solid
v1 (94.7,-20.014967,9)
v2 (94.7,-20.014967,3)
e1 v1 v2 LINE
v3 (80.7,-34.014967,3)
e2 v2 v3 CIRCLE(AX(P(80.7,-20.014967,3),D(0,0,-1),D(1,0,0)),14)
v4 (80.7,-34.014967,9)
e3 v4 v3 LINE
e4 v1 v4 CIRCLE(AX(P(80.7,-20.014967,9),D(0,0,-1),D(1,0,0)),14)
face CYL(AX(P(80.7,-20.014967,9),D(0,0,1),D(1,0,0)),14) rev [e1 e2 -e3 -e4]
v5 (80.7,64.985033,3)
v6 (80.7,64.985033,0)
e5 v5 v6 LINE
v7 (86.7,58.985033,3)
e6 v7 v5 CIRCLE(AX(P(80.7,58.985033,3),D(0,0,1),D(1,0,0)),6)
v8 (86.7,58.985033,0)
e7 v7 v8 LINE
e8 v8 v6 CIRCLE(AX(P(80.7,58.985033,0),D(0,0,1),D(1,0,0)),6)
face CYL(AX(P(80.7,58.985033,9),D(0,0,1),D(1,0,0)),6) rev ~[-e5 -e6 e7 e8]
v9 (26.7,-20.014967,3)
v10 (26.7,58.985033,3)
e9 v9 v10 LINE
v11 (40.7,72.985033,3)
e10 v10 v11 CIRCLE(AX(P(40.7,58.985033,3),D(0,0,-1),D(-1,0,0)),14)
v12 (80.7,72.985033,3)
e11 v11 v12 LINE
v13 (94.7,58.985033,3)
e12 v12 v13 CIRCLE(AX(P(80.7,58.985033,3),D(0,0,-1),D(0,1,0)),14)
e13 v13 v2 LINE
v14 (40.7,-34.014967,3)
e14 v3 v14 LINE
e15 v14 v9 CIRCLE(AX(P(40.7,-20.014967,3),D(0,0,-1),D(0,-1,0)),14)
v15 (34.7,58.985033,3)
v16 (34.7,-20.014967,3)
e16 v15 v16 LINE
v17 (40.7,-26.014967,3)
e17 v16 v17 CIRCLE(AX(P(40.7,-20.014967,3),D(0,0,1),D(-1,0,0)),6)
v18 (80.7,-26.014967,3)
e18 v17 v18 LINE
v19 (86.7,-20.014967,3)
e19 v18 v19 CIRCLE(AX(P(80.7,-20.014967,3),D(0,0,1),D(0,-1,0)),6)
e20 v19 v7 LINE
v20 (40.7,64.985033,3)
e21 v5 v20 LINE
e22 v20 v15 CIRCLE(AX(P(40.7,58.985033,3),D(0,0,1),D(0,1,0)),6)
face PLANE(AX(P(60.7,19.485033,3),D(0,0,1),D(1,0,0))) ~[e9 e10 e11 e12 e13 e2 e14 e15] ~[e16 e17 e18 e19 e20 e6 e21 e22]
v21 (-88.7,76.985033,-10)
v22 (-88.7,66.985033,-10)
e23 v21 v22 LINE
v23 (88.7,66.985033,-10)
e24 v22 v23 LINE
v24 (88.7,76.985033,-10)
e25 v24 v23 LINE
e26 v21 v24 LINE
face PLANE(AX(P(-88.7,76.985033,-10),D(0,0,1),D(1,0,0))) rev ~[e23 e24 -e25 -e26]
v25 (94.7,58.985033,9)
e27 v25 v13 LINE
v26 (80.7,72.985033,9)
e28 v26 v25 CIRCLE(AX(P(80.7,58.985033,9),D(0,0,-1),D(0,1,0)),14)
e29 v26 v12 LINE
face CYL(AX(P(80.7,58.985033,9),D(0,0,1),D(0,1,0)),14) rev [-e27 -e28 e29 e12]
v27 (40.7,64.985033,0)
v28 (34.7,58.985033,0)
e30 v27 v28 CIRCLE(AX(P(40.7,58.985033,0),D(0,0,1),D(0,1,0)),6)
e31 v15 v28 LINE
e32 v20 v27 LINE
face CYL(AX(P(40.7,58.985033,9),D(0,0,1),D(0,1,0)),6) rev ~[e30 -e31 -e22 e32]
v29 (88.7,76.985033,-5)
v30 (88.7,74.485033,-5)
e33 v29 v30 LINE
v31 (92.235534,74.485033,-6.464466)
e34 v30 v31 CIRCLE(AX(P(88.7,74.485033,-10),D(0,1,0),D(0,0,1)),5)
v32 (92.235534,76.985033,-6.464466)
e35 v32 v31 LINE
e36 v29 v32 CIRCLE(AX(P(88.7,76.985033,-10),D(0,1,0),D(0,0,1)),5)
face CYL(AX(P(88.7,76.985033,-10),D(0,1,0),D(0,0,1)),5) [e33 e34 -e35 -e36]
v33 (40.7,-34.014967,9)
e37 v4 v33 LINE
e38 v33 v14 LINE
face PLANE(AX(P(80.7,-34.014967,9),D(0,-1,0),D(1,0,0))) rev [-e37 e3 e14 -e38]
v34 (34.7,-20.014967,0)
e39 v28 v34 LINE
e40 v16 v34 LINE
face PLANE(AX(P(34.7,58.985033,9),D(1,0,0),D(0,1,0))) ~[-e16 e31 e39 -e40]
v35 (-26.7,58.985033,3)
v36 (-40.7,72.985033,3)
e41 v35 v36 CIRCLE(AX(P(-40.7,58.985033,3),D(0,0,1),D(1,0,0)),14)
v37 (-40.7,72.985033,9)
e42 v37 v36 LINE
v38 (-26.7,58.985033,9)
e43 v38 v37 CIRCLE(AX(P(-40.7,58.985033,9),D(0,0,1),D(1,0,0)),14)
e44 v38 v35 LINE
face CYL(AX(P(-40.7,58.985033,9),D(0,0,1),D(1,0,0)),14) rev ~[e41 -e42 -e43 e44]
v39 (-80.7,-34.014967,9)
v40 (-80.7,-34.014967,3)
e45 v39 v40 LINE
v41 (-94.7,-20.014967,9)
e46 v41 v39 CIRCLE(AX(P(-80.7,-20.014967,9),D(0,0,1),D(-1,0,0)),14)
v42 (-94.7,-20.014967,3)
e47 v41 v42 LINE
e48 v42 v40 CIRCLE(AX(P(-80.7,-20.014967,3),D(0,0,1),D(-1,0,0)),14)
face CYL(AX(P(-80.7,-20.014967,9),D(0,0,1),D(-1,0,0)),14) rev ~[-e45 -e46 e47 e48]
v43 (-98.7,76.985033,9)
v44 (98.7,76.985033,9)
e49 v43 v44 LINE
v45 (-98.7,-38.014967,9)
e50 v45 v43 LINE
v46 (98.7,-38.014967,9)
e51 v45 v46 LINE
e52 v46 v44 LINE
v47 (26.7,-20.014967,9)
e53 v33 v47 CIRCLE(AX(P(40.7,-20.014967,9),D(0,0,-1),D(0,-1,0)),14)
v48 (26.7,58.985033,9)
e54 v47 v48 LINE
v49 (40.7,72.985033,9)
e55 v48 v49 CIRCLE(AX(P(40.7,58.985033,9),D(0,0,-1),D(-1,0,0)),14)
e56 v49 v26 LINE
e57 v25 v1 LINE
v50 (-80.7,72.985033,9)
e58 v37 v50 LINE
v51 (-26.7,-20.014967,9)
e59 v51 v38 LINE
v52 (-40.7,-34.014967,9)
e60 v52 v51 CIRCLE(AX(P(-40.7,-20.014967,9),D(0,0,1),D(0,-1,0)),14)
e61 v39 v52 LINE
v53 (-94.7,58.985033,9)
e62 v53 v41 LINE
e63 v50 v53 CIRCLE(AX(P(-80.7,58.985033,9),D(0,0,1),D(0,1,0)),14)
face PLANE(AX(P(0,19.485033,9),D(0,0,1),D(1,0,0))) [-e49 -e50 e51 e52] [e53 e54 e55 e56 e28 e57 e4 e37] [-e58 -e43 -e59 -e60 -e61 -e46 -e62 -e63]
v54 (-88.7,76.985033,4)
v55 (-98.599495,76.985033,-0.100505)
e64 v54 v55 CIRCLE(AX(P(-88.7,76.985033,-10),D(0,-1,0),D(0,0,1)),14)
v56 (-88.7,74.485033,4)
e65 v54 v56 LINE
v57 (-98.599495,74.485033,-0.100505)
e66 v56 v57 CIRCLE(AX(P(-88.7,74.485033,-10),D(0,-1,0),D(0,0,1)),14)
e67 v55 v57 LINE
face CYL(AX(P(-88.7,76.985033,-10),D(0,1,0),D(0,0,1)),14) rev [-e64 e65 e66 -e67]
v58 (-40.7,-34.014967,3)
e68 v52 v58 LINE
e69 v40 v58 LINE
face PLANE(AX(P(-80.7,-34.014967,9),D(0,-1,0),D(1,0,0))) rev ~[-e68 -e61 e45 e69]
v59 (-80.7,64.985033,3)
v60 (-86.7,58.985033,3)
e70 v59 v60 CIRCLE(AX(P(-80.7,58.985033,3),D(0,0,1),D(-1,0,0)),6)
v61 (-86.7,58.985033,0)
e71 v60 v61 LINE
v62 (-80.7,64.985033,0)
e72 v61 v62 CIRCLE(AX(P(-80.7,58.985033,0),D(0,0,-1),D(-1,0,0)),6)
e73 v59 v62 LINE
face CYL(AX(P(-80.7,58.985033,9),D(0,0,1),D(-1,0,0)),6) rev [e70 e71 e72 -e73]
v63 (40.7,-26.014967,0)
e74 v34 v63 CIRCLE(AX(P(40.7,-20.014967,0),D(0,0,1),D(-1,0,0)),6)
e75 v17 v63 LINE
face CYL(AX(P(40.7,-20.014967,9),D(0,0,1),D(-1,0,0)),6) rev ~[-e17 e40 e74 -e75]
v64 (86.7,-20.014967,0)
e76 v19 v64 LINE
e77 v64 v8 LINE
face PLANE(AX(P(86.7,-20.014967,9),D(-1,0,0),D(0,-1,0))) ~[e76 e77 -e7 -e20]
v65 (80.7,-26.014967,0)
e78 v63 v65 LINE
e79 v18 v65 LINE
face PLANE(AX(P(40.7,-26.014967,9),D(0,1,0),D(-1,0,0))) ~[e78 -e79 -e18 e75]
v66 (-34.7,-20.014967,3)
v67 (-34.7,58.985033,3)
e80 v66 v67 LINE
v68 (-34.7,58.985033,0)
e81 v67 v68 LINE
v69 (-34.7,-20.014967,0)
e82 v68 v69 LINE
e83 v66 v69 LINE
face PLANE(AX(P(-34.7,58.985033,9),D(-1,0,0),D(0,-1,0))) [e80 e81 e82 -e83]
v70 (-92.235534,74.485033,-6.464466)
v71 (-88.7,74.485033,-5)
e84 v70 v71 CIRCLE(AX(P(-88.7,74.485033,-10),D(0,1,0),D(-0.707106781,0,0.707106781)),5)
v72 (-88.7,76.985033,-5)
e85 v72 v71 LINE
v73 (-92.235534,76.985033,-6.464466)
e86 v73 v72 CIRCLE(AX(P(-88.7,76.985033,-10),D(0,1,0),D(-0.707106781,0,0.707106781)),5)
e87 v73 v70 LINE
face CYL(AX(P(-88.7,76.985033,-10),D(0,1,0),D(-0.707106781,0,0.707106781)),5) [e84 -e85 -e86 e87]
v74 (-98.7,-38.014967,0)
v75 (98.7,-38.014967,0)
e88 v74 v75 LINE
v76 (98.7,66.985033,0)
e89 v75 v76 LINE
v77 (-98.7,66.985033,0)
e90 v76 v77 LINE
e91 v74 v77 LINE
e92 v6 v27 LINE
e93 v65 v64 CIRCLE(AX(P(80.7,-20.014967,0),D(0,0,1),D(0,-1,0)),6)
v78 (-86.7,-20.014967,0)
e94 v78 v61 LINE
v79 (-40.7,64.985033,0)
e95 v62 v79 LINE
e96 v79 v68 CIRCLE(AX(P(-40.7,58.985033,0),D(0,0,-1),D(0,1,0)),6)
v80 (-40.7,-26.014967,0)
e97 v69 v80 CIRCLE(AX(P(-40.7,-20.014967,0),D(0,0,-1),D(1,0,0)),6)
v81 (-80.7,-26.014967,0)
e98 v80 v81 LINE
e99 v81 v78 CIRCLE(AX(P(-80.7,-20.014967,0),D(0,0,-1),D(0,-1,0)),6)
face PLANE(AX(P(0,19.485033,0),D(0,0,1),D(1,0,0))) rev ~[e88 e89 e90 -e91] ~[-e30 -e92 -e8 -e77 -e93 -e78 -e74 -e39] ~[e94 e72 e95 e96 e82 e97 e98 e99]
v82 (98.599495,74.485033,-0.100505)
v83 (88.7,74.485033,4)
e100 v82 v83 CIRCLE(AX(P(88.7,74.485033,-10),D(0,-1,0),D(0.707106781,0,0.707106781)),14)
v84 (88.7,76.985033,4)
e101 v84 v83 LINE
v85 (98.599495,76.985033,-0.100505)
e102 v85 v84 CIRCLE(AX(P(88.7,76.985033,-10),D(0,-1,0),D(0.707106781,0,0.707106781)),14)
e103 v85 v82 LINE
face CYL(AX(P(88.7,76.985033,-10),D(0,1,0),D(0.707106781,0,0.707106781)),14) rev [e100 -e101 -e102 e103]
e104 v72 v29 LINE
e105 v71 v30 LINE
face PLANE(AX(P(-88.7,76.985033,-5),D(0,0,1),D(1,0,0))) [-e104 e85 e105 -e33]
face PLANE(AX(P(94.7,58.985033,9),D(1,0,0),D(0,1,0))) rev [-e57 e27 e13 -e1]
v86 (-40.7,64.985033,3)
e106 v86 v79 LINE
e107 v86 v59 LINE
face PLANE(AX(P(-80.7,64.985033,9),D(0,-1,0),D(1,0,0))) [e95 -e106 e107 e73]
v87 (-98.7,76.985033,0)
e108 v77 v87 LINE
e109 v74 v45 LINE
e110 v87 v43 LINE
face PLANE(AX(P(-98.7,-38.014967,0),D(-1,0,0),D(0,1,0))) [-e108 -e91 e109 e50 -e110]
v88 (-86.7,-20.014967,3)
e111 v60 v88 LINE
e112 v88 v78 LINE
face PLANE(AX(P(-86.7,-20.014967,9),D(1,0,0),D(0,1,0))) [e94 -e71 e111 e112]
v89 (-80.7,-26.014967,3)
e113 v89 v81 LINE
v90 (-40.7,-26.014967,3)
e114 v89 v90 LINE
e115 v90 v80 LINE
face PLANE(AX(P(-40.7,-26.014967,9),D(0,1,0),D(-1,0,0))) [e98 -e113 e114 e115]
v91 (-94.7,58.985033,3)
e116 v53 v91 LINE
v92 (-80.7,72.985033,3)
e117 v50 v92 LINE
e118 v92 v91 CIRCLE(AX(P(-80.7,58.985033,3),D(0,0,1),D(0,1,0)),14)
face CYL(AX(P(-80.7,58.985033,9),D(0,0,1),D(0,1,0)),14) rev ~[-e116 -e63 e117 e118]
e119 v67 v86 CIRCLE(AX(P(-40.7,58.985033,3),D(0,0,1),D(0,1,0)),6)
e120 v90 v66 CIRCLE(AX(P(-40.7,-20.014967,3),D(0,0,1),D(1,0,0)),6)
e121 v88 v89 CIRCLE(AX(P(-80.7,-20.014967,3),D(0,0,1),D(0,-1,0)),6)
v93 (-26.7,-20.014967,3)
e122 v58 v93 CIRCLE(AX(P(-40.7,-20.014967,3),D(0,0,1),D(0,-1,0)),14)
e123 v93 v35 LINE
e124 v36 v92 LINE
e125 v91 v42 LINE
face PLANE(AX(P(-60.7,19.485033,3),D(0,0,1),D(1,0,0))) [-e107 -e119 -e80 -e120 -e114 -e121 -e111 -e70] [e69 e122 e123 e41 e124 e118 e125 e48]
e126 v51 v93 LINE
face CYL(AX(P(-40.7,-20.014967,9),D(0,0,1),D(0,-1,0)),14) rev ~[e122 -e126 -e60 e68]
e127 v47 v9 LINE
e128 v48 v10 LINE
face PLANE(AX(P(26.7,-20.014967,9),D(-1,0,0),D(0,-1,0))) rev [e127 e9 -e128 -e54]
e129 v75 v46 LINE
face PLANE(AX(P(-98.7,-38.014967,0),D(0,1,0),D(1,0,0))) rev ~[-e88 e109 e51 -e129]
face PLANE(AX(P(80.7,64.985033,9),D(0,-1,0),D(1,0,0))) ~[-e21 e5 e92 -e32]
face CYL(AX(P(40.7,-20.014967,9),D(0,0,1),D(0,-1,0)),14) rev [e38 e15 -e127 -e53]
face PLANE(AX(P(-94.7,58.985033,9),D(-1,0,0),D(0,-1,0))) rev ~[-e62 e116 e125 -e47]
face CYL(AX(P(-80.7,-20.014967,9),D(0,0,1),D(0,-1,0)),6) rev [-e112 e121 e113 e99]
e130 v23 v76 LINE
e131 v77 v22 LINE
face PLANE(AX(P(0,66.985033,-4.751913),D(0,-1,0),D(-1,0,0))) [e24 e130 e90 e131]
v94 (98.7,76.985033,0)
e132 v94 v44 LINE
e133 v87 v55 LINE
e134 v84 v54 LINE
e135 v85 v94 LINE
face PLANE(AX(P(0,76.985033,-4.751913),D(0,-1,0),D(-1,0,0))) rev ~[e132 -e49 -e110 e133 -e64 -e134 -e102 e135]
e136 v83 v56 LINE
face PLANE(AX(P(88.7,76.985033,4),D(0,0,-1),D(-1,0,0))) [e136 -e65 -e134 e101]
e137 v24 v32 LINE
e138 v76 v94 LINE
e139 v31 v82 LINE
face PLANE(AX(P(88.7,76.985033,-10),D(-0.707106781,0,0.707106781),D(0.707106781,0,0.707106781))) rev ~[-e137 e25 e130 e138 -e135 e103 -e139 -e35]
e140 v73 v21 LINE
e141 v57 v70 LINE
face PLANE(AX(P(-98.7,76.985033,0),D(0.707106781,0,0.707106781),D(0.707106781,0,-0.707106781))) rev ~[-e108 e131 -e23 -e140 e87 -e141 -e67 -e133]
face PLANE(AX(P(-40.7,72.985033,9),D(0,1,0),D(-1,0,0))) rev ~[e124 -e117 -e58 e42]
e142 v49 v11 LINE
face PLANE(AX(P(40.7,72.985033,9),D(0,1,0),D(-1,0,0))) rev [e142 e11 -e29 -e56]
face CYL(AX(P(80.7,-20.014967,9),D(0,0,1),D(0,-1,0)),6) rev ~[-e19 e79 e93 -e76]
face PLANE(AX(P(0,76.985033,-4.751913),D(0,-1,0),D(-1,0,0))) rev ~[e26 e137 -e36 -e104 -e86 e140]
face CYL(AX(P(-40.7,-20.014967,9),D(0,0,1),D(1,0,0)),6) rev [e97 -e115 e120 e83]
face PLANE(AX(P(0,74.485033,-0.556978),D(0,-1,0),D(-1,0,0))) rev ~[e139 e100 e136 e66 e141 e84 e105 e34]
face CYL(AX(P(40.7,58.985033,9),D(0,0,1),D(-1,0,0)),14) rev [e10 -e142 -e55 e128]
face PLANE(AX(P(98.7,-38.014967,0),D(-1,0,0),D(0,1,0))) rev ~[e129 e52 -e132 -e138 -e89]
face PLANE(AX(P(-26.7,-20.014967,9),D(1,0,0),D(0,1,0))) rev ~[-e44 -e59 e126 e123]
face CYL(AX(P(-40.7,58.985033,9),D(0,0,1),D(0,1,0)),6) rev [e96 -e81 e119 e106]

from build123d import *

# Parameters (mm, degrees)
SKETCH1_W           = 197.4
SKETCH1_H           = 115
BOSS_EXTRUDE1_DEPTH = 9
BOSS_EXTRUDE2_DEPTH = 10
CUT_EXTRUDE1_DEPTH  = 9
CUT_EXTRUDE2_DEPTH  = 6
CUT_EXTRUDE3_DEPTH  = 2.5


with BuildPart() as part:
    # Sketch1 → Boss-Extrude1 (new body)
    with BuildSketch(Plane.XY):
        with Locations((0, 19.485033023)):
            Rectangle(SKETCH1_W, SKETCH1_H)
    extrude(amount=BOSS_EXTRUDE1_DEPTH)

    # Sketch2 → Boss-Extrude2 (add)
    with BuildSketch(Plane(origin=(0, 76.985033023, 0), x_dir=(1, 0, 0), z_dir=(0, 1, 0))):
        Polygon((-88.7, 10), (88.7, 10), (98.7, 0), (-98.7, 0), align=None)
    extrude(amount=-BOSS_EXTRUDE2_DEPTH)

    # Sketch3 → Cut-Extrude1 (cut)
    with BuildSketch(Plane.XY.offset(9)):
        with BuildLine():
            Line((-80.7, 64.985033023), (-40.7, 64.985033023))
            ThreePointArc((-40.7, 64.985033023), (-36.457359313, 63.22767371), (-34.7, 58.985033023))
            Line((-34.7, 58.985033023), (-34.7, -20.014966977))
            ThreePointArc((-34.7, -20.014966977), (-36.457359313, -24.257607664), (-40.7, -26.014966977))
            Line((-40.7, -26.014966977), (-80.7, -26.014966977))
            ThreePointArc((-80.7, -26.014966977), (-84.942640687, -24.257607664), (-86.7, -20.014966977))
            Line((-86.7, -20.014966977), (-86.7, 58.985033023))
            ThreePointArc((-86.7, 58.985033023), (-84.942640687, 63.22767371), (-80.7, 64.985033023))
        make_face()
    cut_extrude1 = extrude(amount=-CUT_EXTRUDE1_DEPTH, mode=Mode.SUBTRACT)

    # Sketch4 → Cut-Extrude2 (cut)
    with BuildSketch(Plane.XY.offset(9)):
        with BuildLine():
            Line((-94.7, 58.985033023), (-94.7, -20.014966977))
            ThreePointArc((-94.7, -20.014966977), (-90.599494937, -29.914461914), (-80.7, -34.014966977))
            Line((-80.7, -34.014966977), (-40.7, -34.014966977))
            ThreePointArc((-40.7, -34.014966977), (-30.800505063, -29.914461914), (-26.7, -20.014966977))
            Line((-26.7, -20.014966977), (-26.7, 58.985033023))
            ThreePointArc((-26.7, 58.985033023), (-30.800505063, 68.88452796), (-40.7, 72.985033023))
            Line((-40.7, 72.985033023), (-80.7, 72.985033023))
            ThreePointArc((-80.7, 72.985033023), (-90.599494937, 68.88452796), (-94.7, 58.985033023))
        make_face()
    cut_extrude2 = extrude(amount=-CUT_EXTRUDE2_DEPTH, mode=Mode.SUBTRACT)

    # Mirror1: Cut-Extrude1, Cut-Extrude2 across plane
    add(cut_extrude1.mirror(Plane(origin=(0, 0, 0), x_dir=(0, 0, 1), z_dir=(1, 0, 0))), mode=Mode.SUBTRACT)
    add(cut_extrude2.mirror(Plane(origin=(0, 0, 0), x_dir=(0, 0, 1), z_dir=(1, 0, 0))), mode=Mode.SUBTRACT)

    # Sketch5 → Cut-Extrude3 (cut)
    with BuildSketch(Plane(origin=(0, 76.985033023, 0), x_dir=(1, 0, 0), z_dir=(0, 1, 0))):
        with BuildLine():
            Line((-88.7, 5), (88.7, 5))
            ThreePointArc((88.7, 5), (90.613417162, 5.380602337), (92.235533906, 6.464466094))
            Line((92.235533906, 6.464466094), (98.599494937, 0.100505063))
            ThreePointArc((98.599494937, 0.100505063), (94.057568053, -2.934313455), (88.7, -4))
            Line((88.7, -4), (-88.7, -4))
            ThreePointArc((-88.7, -4), (-94.057568053, -2.934313455), (-98.599494937, 0.100505063))
            Line((-98.599494937, 0.100505063), (-92.235533906, 6.464466094))
            ThreePointArc((-92.235533906, 6.464466094), (-90.613417162, 5.380602337), (-88.7, 5))
        make_face()
    extrude(amount=-CUT_EXTRUDE3_DEPTH, mode=Mode.SUBTRACT)


solid = part.part
